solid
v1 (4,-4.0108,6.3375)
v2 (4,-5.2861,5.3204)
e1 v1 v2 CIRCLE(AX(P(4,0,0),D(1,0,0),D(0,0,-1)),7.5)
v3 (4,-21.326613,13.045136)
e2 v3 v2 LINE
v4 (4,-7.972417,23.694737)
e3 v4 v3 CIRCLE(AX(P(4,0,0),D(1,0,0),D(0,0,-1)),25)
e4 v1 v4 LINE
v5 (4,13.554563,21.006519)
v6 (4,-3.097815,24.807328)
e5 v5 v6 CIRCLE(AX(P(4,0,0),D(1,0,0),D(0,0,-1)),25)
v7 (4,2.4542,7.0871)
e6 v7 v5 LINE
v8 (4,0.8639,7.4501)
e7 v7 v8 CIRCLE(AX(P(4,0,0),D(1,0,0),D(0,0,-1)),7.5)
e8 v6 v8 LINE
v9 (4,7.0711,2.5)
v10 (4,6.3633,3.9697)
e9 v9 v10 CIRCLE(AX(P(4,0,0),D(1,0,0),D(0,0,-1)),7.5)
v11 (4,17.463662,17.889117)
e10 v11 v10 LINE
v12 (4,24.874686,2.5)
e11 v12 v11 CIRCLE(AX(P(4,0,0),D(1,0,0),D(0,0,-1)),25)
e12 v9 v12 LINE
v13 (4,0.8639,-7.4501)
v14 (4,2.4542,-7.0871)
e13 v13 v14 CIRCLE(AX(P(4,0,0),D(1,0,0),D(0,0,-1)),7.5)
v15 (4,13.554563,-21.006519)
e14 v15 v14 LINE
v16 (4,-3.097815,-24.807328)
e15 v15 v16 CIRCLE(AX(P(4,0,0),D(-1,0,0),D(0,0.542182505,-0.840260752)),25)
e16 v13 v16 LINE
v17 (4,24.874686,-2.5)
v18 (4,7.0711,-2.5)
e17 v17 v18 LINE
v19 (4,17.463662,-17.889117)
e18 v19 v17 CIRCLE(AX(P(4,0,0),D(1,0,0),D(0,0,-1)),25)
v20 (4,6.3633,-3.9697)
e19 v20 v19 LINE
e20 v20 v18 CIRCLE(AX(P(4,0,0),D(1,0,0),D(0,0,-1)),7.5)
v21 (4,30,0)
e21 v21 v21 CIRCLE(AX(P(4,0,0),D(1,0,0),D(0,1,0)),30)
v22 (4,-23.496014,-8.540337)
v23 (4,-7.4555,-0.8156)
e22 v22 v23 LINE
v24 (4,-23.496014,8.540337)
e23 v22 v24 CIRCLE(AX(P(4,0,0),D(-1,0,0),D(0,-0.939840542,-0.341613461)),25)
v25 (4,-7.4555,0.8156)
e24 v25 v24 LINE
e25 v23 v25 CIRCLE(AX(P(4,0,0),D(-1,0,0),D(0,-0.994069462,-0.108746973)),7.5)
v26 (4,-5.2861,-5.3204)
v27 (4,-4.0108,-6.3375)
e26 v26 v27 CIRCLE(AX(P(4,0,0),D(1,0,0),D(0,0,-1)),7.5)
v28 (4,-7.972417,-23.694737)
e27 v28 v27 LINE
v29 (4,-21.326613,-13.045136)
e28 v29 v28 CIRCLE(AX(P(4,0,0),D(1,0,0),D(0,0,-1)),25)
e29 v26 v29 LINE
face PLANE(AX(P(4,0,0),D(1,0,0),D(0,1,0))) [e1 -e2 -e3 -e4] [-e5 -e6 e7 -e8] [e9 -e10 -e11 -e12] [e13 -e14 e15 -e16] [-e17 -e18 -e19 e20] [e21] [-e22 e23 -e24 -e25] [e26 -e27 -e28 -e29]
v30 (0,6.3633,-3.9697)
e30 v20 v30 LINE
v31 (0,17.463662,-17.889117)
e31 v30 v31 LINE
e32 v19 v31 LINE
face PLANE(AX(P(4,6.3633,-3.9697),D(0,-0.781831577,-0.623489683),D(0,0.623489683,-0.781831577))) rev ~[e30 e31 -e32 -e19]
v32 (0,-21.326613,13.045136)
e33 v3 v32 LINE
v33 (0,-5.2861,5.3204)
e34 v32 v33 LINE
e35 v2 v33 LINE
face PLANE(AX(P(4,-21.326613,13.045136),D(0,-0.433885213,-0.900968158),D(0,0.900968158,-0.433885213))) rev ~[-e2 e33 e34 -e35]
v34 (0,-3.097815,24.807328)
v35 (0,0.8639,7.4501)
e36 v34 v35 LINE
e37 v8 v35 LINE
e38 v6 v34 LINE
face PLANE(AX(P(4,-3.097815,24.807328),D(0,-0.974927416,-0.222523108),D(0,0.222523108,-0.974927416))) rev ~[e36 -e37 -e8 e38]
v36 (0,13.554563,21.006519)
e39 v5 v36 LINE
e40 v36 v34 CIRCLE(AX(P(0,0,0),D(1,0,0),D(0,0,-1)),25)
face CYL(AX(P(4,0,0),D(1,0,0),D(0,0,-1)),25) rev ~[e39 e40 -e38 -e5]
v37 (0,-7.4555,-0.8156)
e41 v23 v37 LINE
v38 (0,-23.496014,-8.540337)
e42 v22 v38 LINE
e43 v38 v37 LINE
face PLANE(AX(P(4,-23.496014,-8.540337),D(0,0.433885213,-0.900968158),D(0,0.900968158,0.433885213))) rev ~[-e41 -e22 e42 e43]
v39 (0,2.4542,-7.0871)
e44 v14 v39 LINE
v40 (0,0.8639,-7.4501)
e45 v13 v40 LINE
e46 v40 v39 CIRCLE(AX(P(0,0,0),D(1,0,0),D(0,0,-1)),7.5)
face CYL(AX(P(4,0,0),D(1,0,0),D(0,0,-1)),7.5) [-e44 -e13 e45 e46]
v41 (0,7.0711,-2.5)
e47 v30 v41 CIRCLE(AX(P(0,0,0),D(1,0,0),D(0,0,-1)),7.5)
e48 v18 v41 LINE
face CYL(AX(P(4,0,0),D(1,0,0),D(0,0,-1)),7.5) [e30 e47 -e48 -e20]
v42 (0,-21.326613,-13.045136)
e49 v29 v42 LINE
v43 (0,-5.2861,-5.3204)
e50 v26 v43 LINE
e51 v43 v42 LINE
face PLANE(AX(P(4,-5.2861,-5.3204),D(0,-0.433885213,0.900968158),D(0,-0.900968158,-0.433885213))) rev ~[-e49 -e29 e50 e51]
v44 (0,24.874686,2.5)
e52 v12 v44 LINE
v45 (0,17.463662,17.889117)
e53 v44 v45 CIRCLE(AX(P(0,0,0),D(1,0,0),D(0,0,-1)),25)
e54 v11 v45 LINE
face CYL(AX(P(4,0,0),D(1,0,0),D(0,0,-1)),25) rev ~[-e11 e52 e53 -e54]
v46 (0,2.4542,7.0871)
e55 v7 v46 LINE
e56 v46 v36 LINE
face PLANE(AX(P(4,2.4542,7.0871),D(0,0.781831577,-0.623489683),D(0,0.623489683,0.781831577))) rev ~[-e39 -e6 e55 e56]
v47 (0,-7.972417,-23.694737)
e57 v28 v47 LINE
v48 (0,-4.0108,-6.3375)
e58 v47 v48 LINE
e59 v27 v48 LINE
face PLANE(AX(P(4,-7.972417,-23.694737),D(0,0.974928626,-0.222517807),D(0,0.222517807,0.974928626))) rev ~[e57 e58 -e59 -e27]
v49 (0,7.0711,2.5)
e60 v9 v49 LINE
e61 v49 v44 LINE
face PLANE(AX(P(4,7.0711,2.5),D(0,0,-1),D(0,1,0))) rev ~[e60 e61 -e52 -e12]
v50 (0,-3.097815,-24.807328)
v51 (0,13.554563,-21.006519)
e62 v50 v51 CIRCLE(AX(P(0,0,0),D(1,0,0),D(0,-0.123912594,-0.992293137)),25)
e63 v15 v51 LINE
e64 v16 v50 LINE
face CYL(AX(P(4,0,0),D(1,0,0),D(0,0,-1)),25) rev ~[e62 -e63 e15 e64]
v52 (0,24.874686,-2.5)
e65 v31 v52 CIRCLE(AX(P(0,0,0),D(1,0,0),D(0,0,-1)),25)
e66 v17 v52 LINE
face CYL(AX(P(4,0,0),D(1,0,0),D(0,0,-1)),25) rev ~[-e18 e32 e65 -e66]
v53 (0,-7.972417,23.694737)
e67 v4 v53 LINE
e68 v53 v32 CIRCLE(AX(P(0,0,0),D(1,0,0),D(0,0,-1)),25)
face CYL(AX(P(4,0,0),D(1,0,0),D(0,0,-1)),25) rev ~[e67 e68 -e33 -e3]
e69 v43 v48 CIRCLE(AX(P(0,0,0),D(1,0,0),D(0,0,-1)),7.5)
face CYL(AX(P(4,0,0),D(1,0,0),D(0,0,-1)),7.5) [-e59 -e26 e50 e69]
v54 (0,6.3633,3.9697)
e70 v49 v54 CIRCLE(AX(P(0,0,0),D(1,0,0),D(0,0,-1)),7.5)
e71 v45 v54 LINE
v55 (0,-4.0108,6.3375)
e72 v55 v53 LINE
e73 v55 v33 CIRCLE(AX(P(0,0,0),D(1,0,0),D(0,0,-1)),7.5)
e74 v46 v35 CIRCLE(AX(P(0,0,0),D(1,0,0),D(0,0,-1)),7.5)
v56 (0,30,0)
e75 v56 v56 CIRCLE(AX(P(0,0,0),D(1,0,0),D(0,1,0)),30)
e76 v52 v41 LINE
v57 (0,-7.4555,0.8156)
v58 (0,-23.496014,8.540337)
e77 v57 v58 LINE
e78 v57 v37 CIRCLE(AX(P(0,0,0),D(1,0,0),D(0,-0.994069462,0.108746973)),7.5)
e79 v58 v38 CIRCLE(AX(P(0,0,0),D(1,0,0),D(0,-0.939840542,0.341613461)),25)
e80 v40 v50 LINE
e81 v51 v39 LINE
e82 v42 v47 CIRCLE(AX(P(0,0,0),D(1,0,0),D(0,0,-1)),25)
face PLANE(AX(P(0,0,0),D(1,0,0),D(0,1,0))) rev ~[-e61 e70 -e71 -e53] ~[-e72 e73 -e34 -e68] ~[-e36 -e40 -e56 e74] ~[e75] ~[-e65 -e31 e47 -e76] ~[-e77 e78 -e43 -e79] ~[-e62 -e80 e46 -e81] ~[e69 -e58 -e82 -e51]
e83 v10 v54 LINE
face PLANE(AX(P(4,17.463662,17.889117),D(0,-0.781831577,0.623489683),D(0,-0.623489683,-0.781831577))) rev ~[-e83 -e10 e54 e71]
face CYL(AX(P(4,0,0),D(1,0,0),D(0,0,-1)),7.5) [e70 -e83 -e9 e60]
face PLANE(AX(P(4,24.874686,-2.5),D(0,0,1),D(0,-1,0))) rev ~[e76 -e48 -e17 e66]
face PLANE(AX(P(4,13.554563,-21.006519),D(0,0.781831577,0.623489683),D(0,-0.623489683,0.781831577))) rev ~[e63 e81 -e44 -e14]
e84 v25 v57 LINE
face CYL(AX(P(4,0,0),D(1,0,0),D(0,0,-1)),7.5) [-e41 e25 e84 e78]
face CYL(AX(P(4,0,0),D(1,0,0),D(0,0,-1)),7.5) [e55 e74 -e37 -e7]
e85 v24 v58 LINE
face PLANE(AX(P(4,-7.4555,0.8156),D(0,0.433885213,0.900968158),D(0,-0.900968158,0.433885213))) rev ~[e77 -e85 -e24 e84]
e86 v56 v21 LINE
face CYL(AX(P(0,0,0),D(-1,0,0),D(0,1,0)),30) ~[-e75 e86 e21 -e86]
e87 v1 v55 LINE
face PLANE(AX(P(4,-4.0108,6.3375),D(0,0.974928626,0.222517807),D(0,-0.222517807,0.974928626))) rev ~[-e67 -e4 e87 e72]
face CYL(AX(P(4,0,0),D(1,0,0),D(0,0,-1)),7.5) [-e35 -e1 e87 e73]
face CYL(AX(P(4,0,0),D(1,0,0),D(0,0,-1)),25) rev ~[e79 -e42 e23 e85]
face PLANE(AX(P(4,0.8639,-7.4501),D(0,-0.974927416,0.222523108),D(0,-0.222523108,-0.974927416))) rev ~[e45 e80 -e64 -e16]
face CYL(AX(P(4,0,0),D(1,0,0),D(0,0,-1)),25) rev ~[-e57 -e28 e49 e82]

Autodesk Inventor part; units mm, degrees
ref_plane "YZ Plane" through (0, 0, 0) normal (1, 0, 0) x (0, 1, 0)
ref_plane "XZ Plane" through (0, 0, 0) normal (0, 1, 0) x (-1, 0, 0)
ref_plane "XY Plane" through (0, 0, 0) normal (0, 0, 1) x (1, 0, 0)
sketch "Sketch1" plane through (0, 0, 0) normal (1, 0, 0) x (0, 1, 0)
  circle A0 centre (0, 0) radius 30
  dimension "d228" = 60
extrude "Extrusion1" add sketch "Sketch1" along normal blind 4
sketch "Sketch3" plane through (4, 0, 0) normal (1, 0, 0) x (0, 0, -1)
  circle A0 centre (0, 0) radius 30 projected
  line L0 (-2.5, 25) -> (2.5, 25)
  line L1 (0, -42) -> (0, 42) projected
  circle A1 centre (0, 0) radius 7.5
  line L2 (2.5, 25) -> (2.5, 7.0711)
  line L3 (-2.5, 7.0711) -> (-2.5, 25)
  circle A2 centre (0, 0) radius 25
  line L4 (-17.9871, 17.5418) -> (-3.9697, 6.3633)
  line L5 (-21.1045, 13.6327) -> (-17.9871, 17.5418)
  line L6 (-7.0871, 2.4542) -> (-21.1045, 13.6327)
  line L7 (-24.9295, -3.1257) -> (-7.4501, 0.8639)
  line L8 (-23.8169, -8.0003) -> (-24.9295, -3.1257)
  line L9 (-6.3375, -4.0108) -> (-23.8169, -8.0003)
  line L10 (-13.0995, -21.4395) -> (-5.3204, -5.2861)
  line L11 (-8.5947, -23.6089) -> (-13.0995, -21.4395)
  line L12 (-0.8156, -7.4555) -> (-8.5947, -23.6089)
  line L13 (8.5947, -23.6089) -> (0.8156, -7.4555)
  line L14 (13.0995, -21.4395) -> (8.5947, -23.6089)
  line L15 (5.3204, -5.2861) -> (13.0995, -21.4395)
  line L16 (23.8169, -8.0003) -> (6.3375, -4.0108)
  line L17 (24.9295, -3.1257) -> (23.8169, -8.0003)
  line L18 (7.4501, 0.8639) -> (24.9295, -3.1257)
  line L19 (21.1045, 13.6327) -> (7.0871, 2.4542)
  line L20 (17.9871, 17.5418) -> (21.1045, 13.6327)
  line L21 (3.9697, 6.3633) -> (17.9871, 17.5418)
  point P0 (23.6947, -7.9725)
  point P1 (13.0451, -21.3266)
  point P2 (-8.5403, -23.496)
  point P3 (8.5403, -23.496)
  point P4 (0.8156, -7.4555)
  point P5 (-13.0451, -21.3266)
  point P6 (-23.6947, -7.9725)
  point P7 (-24.8073, -3.0978)
  point P8 (-7.4501, 0.8639)
  point P9 (-21.0065, 13.5545)
  point P10 (-17.8891, 17.4637)
  point P11 (-2.5, 24.8747)
  point P12 (17.8891, 17.4637)
  point P13 (2.5, 24.8747)
  point P14 (21.0065, 13.5545)
  point P15 (7.0871, 2.4542)
  point P16 (24.8073, -3.0978)
  dimension "d251" = 15
  dimension "d252" = 5
  dimension "d259" = 5
  dimension "d262" = 360
extrude "Extrusion2" cut sketch "Sketch3" against normal blind 4 contours A2 L12 A1 L1 | L1 A1 L13 A2 | A2 L21 A1 L2 | L3 A1 L4 A2 | L10 A2 L9 A1 | A1 L16 A2 L15 | L19 A2 L18 A1 | A1 L7 A2 L6
properties part number "Langbektang houder"
